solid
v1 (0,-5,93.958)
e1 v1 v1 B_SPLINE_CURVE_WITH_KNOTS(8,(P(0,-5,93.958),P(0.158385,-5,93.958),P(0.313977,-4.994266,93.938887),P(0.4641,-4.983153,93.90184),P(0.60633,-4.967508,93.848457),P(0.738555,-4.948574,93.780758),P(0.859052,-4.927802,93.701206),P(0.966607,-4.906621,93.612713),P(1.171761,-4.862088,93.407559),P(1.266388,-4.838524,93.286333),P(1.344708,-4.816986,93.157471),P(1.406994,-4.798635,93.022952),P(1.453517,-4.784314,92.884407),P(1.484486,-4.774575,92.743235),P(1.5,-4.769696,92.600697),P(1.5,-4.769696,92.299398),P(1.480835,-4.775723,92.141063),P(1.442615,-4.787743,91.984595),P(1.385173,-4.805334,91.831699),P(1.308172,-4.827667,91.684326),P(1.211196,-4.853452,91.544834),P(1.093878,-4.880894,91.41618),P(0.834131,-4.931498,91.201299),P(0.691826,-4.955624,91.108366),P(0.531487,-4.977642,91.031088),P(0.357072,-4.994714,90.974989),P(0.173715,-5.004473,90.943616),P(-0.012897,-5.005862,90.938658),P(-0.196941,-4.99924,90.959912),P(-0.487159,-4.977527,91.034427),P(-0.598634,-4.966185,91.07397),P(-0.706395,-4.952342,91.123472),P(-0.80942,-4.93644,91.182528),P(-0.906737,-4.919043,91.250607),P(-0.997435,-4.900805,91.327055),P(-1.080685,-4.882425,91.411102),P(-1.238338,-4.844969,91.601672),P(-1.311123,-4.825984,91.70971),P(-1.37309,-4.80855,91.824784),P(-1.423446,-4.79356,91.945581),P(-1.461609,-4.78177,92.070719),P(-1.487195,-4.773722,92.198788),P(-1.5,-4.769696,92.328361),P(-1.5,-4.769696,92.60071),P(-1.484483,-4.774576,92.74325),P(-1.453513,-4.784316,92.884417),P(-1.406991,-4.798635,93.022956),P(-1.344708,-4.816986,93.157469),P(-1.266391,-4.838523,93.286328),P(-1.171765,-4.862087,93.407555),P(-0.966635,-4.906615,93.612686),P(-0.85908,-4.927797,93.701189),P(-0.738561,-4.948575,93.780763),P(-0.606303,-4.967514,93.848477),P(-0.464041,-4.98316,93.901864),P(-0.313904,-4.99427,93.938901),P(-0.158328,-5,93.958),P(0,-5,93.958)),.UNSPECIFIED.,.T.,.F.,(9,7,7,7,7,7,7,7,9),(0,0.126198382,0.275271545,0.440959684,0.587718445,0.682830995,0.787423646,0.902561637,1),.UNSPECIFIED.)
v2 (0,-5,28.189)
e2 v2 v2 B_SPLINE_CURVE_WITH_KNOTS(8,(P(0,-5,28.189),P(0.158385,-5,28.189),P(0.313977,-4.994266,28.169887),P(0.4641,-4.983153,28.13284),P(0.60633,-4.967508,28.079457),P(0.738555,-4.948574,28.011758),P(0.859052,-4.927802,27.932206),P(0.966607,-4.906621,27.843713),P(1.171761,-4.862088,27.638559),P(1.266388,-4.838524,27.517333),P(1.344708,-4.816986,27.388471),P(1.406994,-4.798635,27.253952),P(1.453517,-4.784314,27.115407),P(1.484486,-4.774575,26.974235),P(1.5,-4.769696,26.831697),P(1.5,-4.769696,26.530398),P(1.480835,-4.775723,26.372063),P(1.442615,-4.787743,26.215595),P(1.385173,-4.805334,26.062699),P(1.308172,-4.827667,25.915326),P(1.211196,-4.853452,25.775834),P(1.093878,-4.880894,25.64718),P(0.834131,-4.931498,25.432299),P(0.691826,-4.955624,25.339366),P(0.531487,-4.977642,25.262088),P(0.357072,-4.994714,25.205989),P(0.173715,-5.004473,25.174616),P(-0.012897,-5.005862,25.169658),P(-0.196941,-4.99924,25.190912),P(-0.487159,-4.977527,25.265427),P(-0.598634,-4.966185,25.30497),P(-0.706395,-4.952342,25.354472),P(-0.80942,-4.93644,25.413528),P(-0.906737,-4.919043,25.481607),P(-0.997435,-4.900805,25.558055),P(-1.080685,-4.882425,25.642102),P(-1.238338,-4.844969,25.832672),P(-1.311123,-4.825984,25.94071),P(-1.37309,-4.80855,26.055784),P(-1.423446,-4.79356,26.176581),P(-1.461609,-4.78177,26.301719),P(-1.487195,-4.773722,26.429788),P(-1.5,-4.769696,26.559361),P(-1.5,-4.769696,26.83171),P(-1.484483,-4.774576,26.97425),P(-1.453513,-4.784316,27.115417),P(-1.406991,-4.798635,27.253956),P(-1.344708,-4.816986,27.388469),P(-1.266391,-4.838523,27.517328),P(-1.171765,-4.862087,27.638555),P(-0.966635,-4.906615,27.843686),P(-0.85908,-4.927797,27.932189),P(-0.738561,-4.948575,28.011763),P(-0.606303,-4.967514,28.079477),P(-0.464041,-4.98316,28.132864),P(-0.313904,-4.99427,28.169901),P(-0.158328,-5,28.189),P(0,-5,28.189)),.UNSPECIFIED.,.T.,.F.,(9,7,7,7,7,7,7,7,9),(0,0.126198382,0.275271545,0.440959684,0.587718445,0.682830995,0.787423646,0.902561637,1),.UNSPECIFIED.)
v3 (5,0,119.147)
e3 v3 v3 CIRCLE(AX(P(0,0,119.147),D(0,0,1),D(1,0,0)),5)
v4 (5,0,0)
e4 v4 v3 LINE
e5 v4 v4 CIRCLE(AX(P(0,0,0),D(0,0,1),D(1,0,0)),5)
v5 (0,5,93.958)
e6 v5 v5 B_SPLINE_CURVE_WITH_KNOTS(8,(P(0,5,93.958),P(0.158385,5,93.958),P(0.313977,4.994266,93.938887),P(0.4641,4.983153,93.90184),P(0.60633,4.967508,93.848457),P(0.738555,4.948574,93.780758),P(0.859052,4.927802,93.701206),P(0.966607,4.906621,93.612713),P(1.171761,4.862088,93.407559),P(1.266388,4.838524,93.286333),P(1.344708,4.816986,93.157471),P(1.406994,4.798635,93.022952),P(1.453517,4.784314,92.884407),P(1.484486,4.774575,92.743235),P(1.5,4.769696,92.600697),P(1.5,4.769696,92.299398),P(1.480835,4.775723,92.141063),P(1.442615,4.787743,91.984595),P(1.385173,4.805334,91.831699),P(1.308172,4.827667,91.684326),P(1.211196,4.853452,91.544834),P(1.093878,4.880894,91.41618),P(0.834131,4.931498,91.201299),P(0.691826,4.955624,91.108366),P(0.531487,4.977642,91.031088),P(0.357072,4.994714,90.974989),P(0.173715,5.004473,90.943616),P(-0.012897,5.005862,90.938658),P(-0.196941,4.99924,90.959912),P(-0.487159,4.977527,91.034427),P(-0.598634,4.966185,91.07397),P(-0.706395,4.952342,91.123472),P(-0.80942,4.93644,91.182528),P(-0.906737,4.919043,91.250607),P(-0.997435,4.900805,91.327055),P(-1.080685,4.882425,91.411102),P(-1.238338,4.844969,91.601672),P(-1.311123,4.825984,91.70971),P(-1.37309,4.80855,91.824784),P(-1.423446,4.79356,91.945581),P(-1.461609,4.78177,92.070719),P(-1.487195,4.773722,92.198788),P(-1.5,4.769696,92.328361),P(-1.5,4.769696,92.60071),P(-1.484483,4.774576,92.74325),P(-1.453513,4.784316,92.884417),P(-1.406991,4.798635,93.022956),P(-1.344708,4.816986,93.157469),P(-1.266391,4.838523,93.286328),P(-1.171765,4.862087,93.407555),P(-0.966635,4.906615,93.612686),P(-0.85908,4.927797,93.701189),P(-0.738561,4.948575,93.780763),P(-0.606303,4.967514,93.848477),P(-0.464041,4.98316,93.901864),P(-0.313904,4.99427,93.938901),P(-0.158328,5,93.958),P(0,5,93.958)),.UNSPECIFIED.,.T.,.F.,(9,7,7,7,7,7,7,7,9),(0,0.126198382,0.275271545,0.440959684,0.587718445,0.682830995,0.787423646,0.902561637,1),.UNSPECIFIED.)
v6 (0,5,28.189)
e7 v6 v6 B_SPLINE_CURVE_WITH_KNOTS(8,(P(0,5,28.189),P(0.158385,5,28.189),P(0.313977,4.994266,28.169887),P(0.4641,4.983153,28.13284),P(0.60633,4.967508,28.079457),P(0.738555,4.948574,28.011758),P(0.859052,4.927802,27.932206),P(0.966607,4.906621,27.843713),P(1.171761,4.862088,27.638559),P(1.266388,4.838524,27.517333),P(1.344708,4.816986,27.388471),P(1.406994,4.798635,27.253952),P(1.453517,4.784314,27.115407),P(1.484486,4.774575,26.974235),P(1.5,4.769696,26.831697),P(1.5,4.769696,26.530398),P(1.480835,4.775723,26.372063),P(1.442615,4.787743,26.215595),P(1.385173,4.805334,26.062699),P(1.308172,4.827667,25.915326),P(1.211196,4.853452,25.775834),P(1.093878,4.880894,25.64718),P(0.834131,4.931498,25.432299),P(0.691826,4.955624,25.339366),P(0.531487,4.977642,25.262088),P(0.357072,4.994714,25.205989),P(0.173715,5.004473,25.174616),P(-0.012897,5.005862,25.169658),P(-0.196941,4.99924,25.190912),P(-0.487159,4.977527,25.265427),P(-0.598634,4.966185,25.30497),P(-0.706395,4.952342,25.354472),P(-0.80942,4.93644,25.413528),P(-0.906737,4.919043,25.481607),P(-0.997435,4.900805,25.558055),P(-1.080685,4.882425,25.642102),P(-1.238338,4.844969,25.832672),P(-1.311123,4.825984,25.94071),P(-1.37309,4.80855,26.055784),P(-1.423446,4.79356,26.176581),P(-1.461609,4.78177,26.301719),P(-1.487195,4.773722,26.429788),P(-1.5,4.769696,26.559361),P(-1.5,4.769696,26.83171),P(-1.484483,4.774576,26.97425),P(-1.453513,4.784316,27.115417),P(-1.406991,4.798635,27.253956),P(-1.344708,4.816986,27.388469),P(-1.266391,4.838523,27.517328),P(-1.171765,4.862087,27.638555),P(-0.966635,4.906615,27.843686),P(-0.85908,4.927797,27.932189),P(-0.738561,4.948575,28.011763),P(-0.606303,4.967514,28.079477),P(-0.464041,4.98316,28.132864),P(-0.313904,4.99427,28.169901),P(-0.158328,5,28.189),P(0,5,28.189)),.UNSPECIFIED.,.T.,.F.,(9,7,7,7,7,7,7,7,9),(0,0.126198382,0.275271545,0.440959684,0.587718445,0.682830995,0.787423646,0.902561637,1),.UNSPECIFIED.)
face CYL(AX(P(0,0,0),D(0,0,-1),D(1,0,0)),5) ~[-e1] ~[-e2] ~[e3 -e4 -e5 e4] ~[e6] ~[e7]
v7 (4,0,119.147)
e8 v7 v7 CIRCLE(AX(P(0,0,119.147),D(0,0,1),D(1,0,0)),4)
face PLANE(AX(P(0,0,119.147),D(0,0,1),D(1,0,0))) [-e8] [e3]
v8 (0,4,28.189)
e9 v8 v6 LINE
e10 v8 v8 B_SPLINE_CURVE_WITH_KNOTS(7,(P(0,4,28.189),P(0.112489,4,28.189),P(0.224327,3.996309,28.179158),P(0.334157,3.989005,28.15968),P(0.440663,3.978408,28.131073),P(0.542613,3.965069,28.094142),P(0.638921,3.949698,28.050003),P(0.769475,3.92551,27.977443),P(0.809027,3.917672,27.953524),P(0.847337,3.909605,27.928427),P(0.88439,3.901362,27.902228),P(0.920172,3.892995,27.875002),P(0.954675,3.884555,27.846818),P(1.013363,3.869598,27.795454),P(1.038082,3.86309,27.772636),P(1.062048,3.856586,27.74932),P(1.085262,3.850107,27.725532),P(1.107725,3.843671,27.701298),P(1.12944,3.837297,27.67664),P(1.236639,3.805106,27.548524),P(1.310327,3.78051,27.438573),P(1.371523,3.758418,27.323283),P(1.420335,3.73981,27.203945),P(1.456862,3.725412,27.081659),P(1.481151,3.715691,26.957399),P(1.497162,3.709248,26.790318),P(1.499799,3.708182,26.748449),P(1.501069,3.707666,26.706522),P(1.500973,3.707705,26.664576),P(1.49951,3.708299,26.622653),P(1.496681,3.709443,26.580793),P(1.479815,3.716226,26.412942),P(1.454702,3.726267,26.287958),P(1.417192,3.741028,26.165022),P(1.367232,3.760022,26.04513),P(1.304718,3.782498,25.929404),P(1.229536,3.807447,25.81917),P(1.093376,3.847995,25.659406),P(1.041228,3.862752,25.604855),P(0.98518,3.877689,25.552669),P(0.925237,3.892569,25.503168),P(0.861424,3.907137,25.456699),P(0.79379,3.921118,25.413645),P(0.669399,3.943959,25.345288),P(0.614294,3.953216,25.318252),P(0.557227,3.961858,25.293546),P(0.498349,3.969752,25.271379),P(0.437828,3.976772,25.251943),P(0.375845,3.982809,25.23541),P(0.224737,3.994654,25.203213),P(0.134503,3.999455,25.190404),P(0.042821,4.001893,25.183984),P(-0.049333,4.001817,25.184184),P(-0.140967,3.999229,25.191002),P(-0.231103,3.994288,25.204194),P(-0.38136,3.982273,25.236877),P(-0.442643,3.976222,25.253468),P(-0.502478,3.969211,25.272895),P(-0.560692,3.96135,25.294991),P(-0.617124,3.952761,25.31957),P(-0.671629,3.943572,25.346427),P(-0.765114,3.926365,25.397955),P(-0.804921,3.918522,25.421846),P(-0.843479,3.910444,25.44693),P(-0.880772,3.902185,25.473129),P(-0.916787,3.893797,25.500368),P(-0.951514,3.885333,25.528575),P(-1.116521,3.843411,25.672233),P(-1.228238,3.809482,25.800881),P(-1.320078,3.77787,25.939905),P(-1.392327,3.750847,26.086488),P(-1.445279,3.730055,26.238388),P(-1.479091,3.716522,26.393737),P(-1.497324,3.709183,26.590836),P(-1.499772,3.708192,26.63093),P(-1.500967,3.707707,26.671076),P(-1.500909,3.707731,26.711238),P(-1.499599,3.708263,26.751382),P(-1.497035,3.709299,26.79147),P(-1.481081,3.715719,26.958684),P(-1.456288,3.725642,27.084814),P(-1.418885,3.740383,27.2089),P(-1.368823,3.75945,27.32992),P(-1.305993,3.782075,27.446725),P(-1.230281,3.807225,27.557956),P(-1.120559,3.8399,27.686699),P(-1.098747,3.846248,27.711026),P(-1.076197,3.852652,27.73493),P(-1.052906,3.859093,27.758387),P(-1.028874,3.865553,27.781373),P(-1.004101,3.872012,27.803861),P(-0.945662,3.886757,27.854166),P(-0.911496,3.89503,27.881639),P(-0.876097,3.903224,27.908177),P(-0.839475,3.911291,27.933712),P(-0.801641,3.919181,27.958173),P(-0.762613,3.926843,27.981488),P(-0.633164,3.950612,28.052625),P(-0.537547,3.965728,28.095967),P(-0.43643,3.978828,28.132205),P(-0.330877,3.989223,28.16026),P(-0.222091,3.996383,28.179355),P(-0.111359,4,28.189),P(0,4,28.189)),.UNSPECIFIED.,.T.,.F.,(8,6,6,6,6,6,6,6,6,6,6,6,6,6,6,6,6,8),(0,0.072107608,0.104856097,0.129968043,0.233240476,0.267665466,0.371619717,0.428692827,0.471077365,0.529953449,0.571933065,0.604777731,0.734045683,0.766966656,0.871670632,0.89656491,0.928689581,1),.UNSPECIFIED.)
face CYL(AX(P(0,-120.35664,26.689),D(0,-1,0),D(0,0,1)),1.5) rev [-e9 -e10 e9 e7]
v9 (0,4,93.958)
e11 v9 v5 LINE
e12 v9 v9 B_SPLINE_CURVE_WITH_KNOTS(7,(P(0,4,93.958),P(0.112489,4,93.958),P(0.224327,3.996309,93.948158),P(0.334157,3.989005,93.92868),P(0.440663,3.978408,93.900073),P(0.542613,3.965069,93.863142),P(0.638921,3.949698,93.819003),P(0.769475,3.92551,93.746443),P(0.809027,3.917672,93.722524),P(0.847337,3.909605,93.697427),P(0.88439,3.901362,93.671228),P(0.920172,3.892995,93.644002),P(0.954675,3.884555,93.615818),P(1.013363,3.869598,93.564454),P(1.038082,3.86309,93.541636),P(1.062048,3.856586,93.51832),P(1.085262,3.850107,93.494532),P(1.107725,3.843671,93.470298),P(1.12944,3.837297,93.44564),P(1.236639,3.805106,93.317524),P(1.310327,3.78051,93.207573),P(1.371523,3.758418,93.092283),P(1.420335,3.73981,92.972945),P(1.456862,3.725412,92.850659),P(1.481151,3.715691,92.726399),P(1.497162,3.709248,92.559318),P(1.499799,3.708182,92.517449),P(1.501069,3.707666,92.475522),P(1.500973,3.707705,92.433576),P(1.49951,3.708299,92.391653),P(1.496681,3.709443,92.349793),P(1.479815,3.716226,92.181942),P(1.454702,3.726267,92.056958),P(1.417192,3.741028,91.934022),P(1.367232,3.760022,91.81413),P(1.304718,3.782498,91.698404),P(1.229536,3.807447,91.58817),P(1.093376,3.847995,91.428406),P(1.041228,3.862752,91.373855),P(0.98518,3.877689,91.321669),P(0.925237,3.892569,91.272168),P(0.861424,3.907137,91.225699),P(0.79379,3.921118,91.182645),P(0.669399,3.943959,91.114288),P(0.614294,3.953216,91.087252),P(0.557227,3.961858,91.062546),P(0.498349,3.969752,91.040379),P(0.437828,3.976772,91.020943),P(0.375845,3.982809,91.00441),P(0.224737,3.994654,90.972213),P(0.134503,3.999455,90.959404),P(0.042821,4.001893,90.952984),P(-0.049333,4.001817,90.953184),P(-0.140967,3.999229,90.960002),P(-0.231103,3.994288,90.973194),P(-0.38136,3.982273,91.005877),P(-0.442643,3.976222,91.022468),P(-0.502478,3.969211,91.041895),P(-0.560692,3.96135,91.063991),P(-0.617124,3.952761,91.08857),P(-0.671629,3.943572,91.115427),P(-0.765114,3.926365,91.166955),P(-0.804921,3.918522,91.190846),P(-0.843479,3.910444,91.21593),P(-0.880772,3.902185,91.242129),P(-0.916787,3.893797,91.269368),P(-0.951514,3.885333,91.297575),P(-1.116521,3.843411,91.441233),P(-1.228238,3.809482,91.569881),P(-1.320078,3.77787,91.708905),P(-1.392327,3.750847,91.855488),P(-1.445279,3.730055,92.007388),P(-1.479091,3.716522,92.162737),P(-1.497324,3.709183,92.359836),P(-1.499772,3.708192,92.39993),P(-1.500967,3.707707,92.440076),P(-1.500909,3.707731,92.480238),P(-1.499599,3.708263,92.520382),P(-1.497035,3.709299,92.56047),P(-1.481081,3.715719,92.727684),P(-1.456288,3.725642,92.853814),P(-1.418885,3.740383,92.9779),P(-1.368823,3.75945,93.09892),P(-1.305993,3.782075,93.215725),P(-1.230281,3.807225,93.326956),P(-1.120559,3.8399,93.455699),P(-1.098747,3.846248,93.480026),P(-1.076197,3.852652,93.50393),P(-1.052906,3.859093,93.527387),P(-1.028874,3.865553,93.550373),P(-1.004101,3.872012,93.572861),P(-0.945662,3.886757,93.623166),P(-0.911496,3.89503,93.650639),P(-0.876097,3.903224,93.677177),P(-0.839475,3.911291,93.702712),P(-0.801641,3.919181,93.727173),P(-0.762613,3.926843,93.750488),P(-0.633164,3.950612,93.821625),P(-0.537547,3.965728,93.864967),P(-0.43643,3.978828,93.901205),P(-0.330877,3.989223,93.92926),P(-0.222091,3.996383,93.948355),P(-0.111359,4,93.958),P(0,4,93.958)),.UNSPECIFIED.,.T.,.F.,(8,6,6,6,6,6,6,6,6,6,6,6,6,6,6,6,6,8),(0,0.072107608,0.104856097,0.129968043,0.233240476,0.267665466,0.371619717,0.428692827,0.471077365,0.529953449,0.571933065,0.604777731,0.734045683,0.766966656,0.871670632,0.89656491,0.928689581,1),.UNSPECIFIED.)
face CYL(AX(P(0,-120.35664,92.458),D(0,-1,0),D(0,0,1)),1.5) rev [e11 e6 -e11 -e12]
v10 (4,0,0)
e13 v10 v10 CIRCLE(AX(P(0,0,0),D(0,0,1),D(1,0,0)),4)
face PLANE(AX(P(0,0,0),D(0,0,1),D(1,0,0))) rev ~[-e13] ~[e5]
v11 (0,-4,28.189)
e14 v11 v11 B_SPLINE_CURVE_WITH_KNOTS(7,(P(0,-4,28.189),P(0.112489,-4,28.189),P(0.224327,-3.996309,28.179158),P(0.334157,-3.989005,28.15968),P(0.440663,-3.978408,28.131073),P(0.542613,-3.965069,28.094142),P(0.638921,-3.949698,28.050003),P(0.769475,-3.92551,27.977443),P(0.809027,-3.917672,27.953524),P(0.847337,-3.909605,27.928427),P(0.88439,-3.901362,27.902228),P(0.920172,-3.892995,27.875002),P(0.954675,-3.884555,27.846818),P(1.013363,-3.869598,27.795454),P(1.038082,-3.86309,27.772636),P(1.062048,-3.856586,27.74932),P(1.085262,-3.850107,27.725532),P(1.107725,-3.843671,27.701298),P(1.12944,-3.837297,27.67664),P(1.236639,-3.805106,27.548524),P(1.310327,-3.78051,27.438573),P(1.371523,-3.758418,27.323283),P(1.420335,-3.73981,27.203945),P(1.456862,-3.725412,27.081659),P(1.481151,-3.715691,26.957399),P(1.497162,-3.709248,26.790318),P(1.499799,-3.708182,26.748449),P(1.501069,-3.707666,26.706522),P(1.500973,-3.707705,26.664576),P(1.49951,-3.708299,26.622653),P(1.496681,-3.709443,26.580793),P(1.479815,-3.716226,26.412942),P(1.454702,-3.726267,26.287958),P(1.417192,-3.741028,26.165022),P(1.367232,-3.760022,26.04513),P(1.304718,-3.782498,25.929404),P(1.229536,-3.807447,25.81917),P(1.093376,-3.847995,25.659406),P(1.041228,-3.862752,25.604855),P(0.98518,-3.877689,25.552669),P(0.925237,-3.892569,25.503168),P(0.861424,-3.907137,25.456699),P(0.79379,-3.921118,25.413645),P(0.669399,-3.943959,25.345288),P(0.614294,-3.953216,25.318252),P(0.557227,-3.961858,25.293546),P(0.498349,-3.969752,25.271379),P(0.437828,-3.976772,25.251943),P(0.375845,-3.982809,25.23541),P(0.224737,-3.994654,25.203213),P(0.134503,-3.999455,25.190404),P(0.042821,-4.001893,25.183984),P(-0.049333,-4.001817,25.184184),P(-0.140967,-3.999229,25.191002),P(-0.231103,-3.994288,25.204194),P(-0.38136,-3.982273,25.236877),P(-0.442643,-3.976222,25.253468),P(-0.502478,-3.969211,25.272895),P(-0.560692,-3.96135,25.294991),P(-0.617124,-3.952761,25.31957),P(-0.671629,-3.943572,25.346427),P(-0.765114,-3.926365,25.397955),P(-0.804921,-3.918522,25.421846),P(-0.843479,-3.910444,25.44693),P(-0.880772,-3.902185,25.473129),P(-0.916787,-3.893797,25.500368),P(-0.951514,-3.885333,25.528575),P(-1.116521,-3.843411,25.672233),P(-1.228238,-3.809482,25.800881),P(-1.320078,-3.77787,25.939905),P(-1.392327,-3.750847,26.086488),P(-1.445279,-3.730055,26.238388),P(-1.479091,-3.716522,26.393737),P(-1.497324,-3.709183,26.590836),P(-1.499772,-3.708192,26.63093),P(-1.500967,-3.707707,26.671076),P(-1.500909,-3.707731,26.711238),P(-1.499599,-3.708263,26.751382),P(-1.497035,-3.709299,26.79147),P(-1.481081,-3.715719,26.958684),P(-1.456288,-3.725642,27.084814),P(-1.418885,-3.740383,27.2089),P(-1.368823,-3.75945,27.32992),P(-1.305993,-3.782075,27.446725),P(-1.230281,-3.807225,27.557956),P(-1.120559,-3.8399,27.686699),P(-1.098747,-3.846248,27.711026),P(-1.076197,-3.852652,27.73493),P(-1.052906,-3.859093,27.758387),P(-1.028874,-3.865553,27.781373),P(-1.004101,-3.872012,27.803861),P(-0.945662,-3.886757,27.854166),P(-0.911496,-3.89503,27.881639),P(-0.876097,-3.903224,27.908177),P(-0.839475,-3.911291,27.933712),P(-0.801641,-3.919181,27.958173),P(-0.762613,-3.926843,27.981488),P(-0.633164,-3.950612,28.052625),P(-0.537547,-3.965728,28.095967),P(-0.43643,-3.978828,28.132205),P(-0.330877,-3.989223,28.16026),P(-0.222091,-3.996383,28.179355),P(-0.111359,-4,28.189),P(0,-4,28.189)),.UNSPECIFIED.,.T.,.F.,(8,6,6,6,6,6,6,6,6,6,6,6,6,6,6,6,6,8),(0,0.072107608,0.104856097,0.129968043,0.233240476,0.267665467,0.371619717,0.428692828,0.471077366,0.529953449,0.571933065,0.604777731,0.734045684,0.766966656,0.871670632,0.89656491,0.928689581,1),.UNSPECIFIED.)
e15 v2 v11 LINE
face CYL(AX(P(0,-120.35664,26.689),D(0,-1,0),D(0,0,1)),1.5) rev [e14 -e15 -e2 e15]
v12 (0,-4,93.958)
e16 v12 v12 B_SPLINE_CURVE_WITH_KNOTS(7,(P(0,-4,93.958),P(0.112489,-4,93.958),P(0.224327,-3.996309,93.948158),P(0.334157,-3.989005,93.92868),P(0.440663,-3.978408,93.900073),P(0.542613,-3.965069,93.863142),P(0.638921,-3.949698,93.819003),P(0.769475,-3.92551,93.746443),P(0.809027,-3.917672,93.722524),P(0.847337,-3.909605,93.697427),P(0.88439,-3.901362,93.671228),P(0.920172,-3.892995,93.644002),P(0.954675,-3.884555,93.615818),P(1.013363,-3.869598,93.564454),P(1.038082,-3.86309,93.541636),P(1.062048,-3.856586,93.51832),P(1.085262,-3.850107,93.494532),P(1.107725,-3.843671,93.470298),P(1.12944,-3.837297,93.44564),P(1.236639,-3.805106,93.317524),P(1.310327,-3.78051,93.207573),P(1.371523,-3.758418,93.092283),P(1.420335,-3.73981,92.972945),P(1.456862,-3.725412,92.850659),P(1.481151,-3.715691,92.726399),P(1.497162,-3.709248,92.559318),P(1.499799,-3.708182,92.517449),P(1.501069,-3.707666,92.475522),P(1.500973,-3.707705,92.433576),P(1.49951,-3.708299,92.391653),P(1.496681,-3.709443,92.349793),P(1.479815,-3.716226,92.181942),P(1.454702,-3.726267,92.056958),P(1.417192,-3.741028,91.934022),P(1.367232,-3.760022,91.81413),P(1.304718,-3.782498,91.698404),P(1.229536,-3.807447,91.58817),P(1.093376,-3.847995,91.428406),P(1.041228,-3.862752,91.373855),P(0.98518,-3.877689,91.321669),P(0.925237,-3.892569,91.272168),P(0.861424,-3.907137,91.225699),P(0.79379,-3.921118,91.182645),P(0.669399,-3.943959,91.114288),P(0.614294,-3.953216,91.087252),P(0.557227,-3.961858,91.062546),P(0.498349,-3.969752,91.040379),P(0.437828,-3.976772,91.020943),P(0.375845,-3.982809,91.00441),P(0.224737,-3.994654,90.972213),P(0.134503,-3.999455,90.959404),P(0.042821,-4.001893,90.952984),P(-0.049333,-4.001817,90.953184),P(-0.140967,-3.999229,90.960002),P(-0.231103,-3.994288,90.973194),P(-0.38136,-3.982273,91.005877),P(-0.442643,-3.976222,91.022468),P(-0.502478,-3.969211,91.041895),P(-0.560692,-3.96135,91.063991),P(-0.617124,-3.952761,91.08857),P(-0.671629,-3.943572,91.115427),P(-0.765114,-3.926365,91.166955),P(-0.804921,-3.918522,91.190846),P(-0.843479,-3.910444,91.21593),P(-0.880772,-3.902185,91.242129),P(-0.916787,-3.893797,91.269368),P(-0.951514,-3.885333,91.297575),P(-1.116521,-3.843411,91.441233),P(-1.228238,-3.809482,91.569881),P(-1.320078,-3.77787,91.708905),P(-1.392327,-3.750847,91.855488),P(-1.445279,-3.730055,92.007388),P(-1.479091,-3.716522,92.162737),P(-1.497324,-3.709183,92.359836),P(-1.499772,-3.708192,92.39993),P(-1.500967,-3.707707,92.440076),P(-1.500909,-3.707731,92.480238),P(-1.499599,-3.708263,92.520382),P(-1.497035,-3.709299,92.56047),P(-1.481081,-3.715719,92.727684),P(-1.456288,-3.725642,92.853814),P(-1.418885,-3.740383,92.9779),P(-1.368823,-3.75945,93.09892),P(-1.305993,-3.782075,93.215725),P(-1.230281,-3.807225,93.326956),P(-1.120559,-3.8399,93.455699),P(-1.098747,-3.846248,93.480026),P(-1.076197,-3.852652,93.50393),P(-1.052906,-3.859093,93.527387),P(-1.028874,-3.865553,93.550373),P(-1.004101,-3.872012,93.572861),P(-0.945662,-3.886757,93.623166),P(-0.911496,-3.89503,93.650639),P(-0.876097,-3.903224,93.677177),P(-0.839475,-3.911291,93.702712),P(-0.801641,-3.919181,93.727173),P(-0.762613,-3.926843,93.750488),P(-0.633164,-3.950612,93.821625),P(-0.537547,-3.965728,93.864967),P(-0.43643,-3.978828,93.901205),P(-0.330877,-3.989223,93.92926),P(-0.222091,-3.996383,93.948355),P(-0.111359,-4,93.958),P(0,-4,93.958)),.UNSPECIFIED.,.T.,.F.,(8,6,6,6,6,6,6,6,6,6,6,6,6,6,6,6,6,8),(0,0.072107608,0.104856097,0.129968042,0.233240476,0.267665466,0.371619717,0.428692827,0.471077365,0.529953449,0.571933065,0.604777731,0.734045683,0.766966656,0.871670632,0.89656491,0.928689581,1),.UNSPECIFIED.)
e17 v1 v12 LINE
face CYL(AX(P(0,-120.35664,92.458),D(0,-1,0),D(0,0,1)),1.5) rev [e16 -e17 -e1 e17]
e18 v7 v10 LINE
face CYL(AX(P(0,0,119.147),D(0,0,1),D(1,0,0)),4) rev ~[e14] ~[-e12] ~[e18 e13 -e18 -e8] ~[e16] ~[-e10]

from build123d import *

# Parameters (mm, degrees)
SKETCH1_R               = 5
BOSS_EXTRUDE1_DEPTH     = 119.147
CUT_EXTRUDE1_REACH      = 121.357
SKETCH2_R               = 4
CUT_EXTRUDE2_DEPTH      = 120.356640406
CUT_EXTRUDE2_DEPTH_BACK = 120.356640406
SKETCH5_R               = 1.5


with BuildPart() as part:
    # Sketch1 → Boss-Extrude1 (new body)
    with BuildSketch(Plane.XY):
        Circle(SKETCH1_R)
    extrude(amount=BOSS_EXTRUDE1_DEPTH)

    # Sketch2 → Cut-Extrude1 (cut, up to next)
    with BuildSketch(Plane.XY.offset(119.147), mode=Mode.PRIVATE) as cut_extrude1_sk1:
        Circle(SKETCH2_R)
    cut_extrude1_tool1 = extrude(cut_extrude1_sk1.sketch, amount=-CUT_EXTRUDE1_REACH, mode=Mode.PRIVATE) & part.part
    add(cut_extrude1_tool1.solids().sort_by_distance((0, 0, 119.147))[0], mode=Mode.SUBTRACT)

    # Sketch5 → Cut-Extrude2 (cut, two sides: drawn at the far end of the back side and taken through both)
    with BuildSketch(Plane(origin=(0, 0, 0), x_dir=(1, 0, 0), z_dir=(0, 1, 0)).offset(-CUT_EXTRUDE2_DEPTH_BACK)):
        with Locations(Location((0, -26.689, 0), (0, 0, 270))):
            Circle(SKETCH5_R)
        with Locations(Location((0, -92.458, 0), (0, 0, 270))):
            Circle(SKETCH5_R)
    extrude(amount=CUT_EXTRUDE2_DEPTH + CUT_EXTRUDE2_DEPTH_BACK, mode=Mode.SUBTRACT)


solid = part.part
